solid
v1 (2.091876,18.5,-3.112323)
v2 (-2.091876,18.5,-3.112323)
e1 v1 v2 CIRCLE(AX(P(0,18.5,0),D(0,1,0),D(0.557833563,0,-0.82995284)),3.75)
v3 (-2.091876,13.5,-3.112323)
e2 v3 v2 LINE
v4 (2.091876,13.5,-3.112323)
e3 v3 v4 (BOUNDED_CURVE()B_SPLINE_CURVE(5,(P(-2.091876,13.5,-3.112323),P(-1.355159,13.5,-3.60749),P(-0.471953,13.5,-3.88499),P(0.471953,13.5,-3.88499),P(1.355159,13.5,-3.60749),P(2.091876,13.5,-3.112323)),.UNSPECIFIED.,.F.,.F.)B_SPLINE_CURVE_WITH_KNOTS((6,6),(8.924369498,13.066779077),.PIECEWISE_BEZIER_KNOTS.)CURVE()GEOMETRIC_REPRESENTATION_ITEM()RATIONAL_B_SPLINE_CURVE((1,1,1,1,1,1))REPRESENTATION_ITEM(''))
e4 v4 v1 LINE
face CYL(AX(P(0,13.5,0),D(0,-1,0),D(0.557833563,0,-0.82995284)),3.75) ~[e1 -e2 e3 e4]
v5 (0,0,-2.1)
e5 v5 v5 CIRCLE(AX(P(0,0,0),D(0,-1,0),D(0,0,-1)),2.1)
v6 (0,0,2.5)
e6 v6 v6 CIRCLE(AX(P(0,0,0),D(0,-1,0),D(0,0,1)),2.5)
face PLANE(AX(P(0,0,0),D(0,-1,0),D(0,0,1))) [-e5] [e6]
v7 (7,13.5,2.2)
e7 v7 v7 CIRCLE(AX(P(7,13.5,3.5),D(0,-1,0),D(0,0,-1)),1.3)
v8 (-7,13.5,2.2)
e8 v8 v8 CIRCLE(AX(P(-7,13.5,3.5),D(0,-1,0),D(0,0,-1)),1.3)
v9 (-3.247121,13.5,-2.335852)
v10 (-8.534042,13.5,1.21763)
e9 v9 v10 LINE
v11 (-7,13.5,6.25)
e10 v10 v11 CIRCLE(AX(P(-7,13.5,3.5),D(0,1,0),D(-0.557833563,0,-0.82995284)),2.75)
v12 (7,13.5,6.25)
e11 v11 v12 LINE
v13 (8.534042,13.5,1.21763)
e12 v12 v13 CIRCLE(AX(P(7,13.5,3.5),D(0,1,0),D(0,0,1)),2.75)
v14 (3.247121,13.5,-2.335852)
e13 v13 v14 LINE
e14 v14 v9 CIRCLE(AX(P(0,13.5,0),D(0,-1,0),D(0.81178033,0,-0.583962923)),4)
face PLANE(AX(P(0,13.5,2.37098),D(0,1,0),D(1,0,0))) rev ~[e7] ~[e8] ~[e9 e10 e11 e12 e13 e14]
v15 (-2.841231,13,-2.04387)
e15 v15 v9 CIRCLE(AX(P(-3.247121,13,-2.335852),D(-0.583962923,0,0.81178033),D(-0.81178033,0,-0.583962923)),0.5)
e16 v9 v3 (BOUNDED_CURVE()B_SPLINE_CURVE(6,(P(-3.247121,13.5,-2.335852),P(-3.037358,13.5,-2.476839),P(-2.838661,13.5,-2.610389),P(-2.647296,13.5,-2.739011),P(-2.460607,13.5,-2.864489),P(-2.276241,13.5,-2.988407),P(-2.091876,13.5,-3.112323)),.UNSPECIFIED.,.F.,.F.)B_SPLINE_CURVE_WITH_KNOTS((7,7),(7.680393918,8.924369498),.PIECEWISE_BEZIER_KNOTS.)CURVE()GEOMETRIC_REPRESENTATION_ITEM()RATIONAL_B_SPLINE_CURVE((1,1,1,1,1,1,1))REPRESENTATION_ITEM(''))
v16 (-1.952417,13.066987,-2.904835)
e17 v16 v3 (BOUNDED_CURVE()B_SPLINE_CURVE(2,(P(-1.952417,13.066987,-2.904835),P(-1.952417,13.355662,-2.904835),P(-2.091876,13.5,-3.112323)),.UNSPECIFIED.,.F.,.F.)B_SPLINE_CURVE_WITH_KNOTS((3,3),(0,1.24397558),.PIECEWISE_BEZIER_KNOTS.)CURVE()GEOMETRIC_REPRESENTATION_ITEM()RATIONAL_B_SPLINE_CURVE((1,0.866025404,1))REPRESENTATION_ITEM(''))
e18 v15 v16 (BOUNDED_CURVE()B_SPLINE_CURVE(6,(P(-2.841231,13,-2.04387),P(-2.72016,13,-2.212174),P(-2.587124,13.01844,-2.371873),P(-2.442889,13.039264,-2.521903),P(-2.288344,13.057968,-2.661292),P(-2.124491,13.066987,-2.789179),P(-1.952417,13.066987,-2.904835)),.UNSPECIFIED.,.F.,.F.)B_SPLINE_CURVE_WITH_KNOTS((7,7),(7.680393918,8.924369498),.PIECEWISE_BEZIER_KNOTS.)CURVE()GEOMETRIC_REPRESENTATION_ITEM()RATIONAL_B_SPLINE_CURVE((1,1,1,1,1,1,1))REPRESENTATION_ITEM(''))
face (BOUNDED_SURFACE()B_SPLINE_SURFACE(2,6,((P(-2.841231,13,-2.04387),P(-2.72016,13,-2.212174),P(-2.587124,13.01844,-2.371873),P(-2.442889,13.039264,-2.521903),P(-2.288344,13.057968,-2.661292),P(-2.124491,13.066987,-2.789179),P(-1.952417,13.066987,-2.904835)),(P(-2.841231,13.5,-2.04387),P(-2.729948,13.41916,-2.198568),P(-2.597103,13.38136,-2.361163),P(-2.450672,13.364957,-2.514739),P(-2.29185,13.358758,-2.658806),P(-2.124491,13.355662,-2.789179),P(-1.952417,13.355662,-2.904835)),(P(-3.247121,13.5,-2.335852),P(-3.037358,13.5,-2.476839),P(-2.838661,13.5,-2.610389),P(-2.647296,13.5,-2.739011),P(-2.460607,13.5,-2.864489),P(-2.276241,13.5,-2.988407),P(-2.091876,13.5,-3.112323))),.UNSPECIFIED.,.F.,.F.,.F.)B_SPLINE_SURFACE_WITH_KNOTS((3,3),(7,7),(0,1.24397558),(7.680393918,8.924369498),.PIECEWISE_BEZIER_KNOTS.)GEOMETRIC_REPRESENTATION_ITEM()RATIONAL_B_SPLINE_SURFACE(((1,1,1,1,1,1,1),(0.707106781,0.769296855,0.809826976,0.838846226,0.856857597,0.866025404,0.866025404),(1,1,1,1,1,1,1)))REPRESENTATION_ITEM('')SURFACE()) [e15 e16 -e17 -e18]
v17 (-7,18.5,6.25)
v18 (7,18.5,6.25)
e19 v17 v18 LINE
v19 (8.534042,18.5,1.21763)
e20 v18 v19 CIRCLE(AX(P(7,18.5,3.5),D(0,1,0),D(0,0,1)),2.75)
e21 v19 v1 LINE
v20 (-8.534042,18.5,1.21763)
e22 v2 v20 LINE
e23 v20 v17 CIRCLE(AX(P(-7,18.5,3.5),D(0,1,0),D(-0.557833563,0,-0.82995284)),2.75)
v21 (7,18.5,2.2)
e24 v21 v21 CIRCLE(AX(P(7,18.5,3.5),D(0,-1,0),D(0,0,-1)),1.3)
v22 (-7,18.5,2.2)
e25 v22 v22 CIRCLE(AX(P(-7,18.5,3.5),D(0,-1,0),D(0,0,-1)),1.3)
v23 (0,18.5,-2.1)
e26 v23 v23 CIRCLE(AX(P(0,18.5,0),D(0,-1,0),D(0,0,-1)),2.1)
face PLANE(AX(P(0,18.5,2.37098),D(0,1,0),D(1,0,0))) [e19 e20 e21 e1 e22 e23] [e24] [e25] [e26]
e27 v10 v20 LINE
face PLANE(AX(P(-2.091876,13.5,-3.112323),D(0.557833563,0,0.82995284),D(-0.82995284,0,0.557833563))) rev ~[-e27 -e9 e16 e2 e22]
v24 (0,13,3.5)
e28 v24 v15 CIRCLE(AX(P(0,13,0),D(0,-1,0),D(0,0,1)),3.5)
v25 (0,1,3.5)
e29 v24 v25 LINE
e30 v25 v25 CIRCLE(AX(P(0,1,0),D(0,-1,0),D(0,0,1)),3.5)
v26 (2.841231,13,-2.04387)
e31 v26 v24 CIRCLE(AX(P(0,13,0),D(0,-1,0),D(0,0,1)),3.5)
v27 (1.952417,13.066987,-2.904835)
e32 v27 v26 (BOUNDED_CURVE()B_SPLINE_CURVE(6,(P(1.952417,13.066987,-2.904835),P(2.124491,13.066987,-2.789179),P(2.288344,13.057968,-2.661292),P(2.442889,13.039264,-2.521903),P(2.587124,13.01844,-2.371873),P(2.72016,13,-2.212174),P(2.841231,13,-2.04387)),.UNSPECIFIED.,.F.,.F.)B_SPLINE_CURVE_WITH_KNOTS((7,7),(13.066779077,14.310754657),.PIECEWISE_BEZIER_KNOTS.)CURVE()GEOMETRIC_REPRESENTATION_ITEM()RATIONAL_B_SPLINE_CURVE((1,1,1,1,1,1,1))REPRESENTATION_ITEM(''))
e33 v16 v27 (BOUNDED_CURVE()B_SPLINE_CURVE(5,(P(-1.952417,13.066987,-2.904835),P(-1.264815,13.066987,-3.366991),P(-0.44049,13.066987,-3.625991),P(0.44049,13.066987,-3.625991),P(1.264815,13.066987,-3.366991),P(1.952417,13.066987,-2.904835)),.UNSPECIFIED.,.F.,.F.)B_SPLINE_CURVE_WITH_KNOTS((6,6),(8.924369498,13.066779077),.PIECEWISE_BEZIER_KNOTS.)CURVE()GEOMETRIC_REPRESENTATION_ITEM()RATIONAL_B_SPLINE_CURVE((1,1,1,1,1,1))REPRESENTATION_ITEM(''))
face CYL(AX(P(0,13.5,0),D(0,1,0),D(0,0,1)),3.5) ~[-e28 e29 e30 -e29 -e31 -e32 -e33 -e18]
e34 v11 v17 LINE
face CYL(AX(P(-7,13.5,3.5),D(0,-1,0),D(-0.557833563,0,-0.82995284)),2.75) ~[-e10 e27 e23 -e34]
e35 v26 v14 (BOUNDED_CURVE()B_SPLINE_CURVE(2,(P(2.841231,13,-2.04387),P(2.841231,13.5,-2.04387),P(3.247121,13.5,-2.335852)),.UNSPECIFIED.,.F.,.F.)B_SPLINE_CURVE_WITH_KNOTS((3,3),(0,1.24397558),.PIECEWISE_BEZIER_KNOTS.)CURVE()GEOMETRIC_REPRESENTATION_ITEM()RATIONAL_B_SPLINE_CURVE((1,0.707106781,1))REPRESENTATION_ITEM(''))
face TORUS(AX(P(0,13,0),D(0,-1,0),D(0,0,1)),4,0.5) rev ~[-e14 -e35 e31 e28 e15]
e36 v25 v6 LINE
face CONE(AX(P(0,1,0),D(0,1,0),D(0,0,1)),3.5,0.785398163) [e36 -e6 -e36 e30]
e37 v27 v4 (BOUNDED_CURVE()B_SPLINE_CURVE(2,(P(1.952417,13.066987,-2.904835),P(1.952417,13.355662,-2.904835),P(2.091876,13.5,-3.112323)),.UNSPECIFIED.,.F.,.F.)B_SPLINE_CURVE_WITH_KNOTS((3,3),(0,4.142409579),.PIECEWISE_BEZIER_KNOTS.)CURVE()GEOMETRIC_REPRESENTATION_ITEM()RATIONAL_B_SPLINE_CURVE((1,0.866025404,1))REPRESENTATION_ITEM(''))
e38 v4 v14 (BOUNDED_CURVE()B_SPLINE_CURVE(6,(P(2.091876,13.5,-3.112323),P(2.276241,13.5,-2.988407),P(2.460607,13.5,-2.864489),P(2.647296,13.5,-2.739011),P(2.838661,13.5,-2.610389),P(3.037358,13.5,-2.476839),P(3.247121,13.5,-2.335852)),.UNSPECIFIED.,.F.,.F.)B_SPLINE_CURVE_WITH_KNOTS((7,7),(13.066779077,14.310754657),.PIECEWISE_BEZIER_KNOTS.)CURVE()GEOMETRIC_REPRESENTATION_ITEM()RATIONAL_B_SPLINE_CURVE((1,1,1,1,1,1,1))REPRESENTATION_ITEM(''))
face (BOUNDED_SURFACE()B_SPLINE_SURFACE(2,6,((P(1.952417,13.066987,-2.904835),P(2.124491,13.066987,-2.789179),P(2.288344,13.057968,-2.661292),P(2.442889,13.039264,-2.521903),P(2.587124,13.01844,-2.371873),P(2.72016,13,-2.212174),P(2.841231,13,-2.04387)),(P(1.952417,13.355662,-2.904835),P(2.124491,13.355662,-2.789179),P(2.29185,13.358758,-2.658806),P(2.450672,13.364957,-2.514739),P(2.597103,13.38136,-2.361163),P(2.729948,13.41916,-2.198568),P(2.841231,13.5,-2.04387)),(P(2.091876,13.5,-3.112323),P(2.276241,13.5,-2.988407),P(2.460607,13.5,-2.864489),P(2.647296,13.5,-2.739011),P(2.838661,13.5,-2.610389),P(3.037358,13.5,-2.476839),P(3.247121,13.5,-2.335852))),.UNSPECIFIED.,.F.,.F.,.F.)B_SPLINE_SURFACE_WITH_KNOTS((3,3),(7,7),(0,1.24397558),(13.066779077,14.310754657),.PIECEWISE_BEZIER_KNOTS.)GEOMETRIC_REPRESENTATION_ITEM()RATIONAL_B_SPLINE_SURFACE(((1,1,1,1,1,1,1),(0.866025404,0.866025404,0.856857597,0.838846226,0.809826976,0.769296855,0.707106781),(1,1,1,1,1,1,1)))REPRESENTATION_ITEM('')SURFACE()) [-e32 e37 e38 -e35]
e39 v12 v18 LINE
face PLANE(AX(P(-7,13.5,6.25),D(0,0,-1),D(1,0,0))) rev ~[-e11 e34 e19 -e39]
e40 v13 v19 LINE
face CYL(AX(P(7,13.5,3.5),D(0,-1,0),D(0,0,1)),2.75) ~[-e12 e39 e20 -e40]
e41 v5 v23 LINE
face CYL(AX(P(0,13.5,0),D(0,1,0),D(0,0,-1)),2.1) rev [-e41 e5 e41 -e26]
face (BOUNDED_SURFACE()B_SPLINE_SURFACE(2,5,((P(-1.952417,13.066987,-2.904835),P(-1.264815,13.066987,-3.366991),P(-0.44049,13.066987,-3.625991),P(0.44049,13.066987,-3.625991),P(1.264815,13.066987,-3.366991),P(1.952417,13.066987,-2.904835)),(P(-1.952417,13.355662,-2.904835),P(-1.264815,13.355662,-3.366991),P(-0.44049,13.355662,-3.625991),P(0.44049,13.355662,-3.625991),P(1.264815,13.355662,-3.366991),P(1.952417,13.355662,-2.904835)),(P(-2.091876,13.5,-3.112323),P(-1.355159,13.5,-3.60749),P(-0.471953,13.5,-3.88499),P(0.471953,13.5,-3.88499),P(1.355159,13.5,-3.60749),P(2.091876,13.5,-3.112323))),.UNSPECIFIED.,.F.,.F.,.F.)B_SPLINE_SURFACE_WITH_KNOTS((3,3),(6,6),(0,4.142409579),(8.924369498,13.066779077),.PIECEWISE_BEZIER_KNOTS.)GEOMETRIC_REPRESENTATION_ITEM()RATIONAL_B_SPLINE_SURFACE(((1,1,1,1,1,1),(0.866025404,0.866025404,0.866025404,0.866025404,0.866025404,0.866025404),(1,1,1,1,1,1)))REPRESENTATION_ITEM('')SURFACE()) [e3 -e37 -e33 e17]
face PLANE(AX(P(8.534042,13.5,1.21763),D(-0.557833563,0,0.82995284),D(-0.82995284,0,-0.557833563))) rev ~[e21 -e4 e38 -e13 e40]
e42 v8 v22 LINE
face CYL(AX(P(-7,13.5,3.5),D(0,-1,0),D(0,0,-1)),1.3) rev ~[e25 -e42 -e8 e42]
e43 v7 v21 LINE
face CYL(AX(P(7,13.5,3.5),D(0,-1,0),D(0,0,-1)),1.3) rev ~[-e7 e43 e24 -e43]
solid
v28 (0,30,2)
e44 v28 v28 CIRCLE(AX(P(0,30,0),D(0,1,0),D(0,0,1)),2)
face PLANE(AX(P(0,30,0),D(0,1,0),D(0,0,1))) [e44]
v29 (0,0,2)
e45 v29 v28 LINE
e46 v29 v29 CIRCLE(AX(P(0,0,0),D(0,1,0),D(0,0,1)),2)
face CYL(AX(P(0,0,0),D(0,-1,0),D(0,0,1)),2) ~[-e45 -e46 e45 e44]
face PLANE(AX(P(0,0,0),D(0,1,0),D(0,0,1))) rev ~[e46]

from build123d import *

# Parameters (mm, degrees)
SKETCH_1_R      = 2
EXTRUDE_1_DEPTH = 30
SKETCH_2_R      = 1.3
SKETCH_2_R_2    = 2.1
EXTRUDE_2_DEPTH = 5
SKETCH_3_R      = 3.5
SKETCH_3_R_2    = 2.1
EXTRUDE_4_DEPTH = 13.5
CHAMFER_2_SIZE  = 1
FILLET_2_R      = 0.5


with BuildPart() as part:
    # 草图1 → 凸台-拉伸1 (new body)
    with BuildSketch(Plane(origin=(0, 0, 0), x_dir=(1, 0, 0), z_dir=(0, 1, 0))):
        with Locations(Location((0, 0, 0), (0, 0, 270))):
            Circle(SKETCH_1_R)
    extrude(amount=EXTRUDE_1_DEPTH)


with BuildPart() as body_2:
    # 草图2 → 凸台-拉伸2 (new body)
    with BuildSketch(Plane(origin=(0, 13.5, 0), x_dir=(-1, 0, 0), z_dir=(0, -1, 0))):
        with BuildLine():
            Line((-8.534042298, -1.217629691), (-2.09187586, 3.112323149))
            ThreePointArc((-2.09187586, 3.112323149), (0, 3.75), (2.09187586, 3.112323149))
            Line((2.09187586, 3.112323149), (8.534042298, -1.217629691))
            ThreePointArc((8.534042298, -1.217629691), (9.630495994, -4.301867087), (7, -6.25))
            Line((7, -6.25), (-7, -6.25))
            ThreePointArc((-7, -6.25), (-9.630495994, -4.301867087), (-8.534042298, -1.217629691))
        make_face()
        with Locations(Location((-7, -3.5, 0), (0, 0, 90))):
            Circle(SKETCH_2_R, mode=Mode.SUBTRACT)
        with Locations(Location((7, -3.5, 0), (0, 0, 90))):
            Circle(SKETCH_2_R, mode=Mode.SUBTRACT)
        with Locations(Location((0, 0, 0), (0, 0, 90))):
            Circle(SKETCH_2_R_2, mode=Mode.SUBTRACT)
    extrude(amount=-EXTRUDE_2_DEPTH)

    # 草图3 → 凸台-拉伸4 (add)
    with BuildSketch(Plane.XZ.offset(-13.5)):
        with Locations(Location((0, 0, 0), (0, 0, 90))):
            Circle(SKETCH_3_R)
        with Locations(Location((0, 0, 0), (0, 0, 270))):
            Circle(SKETCH_3_R_2, mode=Mode.SUBTRACT)
    extrude(amount=EXTRUDE_4_DEPTH)

    # 倒角2
    chamfer_2_edges = [body_2.edges().sort_by_distance(p)[0] for p in [
        (0, 0, -3.5),
    ]]
    chamfer(chamfer_2_edges, length=CHAMFER_2_SIZE)

    # 圆角2
    fillet_2_edges = [body_2.edges().sort_by_distance(p)[0] for p in [
        (0, 13.5, -3.5),
    ]]
    fillet(fillet_2_edges, radius=FILLET_2_R)


solid = Compound([part.part, body_2.part])
